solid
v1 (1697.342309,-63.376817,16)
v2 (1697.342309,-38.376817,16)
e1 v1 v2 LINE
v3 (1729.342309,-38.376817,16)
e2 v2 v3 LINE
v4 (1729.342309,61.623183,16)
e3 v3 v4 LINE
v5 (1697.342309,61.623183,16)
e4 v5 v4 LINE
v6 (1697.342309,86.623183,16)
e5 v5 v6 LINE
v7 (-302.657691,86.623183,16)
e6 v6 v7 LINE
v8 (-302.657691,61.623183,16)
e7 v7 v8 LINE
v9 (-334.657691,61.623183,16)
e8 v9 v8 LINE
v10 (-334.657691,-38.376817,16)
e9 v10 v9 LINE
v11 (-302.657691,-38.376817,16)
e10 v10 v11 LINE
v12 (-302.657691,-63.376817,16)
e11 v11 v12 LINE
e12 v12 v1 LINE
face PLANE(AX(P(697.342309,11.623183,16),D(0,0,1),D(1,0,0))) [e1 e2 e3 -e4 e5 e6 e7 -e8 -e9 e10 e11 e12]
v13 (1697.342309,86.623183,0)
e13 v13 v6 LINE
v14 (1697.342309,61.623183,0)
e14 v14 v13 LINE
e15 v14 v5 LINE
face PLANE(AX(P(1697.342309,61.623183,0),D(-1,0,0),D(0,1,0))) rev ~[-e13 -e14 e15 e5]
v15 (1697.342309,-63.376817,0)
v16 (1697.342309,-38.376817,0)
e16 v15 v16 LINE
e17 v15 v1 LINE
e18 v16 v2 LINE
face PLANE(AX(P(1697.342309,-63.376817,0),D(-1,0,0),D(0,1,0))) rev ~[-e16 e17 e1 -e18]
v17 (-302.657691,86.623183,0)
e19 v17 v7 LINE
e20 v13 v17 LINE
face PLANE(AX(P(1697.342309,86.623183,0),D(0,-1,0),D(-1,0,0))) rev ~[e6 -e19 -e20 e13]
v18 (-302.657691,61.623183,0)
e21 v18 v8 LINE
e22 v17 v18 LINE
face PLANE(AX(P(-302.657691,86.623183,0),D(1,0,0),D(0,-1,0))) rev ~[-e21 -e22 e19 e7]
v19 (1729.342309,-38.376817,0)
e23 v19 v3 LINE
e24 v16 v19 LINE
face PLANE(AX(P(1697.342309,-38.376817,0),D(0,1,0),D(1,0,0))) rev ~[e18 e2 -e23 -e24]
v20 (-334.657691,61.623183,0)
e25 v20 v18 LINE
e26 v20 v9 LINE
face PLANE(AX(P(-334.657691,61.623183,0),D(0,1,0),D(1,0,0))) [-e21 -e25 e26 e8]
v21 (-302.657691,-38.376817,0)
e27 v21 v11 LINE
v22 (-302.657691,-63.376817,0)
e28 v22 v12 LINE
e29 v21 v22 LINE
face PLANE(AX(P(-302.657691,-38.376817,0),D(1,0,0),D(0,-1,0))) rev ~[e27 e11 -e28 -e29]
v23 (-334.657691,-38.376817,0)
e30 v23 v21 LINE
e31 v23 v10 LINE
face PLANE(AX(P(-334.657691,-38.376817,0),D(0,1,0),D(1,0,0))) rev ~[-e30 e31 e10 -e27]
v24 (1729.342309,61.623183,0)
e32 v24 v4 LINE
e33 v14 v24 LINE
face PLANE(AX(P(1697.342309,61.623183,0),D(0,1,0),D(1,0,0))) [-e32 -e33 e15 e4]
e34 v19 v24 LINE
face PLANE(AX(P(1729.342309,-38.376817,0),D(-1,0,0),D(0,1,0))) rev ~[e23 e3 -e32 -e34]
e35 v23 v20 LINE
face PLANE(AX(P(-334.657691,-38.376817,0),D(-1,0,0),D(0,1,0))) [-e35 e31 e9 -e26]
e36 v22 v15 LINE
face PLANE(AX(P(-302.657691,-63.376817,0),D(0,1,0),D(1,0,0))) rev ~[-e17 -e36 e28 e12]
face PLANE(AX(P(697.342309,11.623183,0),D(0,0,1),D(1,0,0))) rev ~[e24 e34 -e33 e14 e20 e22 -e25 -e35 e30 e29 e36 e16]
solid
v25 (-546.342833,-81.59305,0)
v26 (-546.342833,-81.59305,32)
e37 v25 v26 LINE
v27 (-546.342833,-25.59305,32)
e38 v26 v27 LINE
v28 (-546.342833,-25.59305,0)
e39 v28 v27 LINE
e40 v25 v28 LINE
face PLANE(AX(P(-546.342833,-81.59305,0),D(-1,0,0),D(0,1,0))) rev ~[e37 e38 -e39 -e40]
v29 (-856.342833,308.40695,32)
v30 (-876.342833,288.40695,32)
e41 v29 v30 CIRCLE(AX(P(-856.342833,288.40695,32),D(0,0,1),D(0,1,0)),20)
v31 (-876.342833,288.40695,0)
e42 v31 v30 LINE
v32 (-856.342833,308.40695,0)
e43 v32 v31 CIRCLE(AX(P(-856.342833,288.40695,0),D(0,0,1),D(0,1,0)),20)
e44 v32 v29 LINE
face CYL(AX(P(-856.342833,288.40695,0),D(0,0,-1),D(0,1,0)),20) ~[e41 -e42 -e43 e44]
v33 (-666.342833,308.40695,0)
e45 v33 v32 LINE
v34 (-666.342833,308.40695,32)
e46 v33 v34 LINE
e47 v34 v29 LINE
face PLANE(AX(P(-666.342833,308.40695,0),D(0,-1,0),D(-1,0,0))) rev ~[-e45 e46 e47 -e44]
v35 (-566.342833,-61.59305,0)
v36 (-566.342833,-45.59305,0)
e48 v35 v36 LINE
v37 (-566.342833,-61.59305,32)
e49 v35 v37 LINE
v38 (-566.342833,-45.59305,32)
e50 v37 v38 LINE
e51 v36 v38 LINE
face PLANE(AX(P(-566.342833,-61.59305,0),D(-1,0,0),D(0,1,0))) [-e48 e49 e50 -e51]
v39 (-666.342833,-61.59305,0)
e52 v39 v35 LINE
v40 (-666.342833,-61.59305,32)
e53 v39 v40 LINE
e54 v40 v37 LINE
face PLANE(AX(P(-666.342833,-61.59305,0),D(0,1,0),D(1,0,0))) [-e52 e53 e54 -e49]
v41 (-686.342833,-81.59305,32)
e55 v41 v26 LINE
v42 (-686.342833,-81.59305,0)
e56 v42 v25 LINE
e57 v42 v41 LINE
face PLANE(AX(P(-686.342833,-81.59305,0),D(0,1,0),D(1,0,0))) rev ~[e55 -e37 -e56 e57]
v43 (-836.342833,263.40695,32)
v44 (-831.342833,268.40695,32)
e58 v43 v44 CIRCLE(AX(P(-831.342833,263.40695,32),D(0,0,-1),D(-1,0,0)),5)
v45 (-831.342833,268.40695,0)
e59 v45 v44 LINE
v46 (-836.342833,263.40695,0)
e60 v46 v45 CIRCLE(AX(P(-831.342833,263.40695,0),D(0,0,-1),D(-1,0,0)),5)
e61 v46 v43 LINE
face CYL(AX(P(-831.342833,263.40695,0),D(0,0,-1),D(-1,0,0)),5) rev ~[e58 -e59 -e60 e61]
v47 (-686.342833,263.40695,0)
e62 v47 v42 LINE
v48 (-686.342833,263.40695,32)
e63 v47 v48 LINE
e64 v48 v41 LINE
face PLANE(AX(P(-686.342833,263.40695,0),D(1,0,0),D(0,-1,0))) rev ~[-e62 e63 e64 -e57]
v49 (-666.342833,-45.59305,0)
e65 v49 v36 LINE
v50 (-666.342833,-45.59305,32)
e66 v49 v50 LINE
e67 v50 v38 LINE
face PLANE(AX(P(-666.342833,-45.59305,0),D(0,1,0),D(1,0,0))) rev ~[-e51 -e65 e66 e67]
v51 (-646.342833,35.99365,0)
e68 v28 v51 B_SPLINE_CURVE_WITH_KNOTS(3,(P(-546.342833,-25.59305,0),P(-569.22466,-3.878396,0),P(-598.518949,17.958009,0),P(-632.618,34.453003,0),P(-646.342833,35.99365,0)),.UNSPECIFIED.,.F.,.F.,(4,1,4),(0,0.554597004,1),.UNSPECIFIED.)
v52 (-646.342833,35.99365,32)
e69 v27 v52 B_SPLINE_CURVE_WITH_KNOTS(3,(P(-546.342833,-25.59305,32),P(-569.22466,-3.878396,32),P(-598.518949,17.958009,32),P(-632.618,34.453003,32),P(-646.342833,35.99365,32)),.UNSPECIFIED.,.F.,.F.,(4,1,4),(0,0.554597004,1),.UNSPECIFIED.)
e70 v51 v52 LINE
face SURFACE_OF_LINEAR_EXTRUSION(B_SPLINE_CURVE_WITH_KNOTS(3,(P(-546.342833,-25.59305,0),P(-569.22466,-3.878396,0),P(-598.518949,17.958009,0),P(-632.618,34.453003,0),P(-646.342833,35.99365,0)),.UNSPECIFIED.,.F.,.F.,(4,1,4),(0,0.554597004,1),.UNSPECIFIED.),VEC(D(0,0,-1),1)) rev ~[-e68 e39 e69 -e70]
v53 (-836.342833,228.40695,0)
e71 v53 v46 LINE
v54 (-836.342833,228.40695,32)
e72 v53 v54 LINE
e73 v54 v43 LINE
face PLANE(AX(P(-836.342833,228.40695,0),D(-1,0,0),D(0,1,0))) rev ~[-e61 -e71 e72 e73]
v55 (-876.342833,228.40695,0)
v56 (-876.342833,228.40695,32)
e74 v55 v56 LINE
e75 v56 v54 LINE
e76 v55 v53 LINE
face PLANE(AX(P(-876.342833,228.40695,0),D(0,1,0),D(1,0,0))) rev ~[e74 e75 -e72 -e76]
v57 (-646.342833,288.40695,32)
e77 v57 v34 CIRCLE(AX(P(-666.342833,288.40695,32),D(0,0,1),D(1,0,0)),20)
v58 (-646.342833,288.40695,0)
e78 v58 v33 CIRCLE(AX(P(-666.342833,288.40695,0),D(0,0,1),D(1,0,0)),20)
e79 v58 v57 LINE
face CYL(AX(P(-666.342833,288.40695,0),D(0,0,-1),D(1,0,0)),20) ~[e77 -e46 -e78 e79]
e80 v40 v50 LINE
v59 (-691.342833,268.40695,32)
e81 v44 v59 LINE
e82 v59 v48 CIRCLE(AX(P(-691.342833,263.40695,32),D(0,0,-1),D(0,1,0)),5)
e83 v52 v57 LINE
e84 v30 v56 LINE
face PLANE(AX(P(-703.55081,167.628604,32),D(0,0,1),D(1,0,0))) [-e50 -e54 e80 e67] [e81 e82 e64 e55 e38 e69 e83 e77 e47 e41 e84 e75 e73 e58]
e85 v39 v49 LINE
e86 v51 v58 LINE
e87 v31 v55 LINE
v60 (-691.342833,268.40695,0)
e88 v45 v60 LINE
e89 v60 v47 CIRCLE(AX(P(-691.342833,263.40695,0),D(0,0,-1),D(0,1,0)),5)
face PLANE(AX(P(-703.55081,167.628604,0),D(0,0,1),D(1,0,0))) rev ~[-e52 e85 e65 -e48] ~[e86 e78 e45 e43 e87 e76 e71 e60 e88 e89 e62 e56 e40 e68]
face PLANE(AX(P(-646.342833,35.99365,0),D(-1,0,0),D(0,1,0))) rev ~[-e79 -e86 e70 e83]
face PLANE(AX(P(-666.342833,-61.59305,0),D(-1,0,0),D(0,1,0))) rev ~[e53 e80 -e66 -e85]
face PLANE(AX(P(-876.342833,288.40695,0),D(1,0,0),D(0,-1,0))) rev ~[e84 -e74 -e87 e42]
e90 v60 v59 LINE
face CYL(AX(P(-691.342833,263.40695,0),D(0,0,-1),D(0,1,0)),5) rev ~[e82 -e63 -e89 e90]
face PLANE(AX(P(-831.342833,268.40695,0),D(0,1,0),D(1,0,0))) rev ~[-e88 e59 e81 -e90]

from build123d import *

# Parameters (mm, degrees)
F0_W     = 140
F0_H     = 56
F0_W_2   = 100
F0_H_2   = 16
F1_DEPTH = 32
F0_W_3   = 32
F0_H_3   = 100
F2_DEPTH = 16


with BuildPart() as f1:
    # F0 (on Top) → F1 (new body)
    with BuildSketch(Plane.XY):
        with BuildLine():
            Line((-686.3428330421, 263.4069502354), (-686.3428330421, -25.5930497646))
            Line((-686.3428330421, -25.5930497646), (-546.3428330421, -25.5930497646))
            add(Edge.make_bspline(
                [(-546.3428330421, -25.5930497646), (-569.2246597827, -3.878396387), (-598.5189486723, 17.9580086914), (-632.6180003572, 34.4530030745), (-646.3428330421, 35.9936502576)],
                knots=[0, 0, 0, 0, 0.5545970044, 1, 1, 1, 1], degree=3))
            Line((-646.3428330421, 35.9936502576), (-646.3428330421, 288.4069502354))
            ThreePointArc((-646.3428330421, 288.4069502354), (-652.2006974184, 302.5490858591), (-666.3428330421, 308.4069502354))
            Line((-666.3428330421, 308.4069502354), (-856.3428330421, 308.4069502354))
            ThreePointArc((-856.3428330421, 308.4069502354), (-870.4849686659, 302.5490858591), (-876.3428330421, 288.4069502354))
            Line((-876.3428330421, 288.4069502354), (-876.3428330421, 268.4069502354))
            Line((-876.3428330421, 268.4069502354), (-876.3428330421, 228.4069502354))
            Line((-876.3428330421, 228.4069502354), (-836.3428330421, 228.4069502354))
            Line((-836.3428330421, 228.4069502354), (-836.3428330421, 263.4069502354))
            ThreePointArc((-836.3428330421, 263.4069502354), (-834.8783669481, 266.9424841413), (-831.3428330421, 268.4069502354))
            Line((-831.3428330421, 268.4069502354), (-691.3428330421, 268.4069502354))
            ThreePointArc((-691.3428330421, 268.4069502354), (-687.8072991362, 266.9424841413), (-686.3428330421, 263.4069502354))
        make_face()
        with Locations((-616.3428330421, -53.5930497646)):
            Rectangle(F0_W, F0_H)
        with Locations((-616.3428330421, -53.5930497646)):
            Rectangle(F0_W_2, F0_H_2, mode=Mode.SUBTRACT)
    extrude(amount=F1_DEPTH)


with BuildPart() as f2:
    # F0 (on Top) → F2 (new body)
    with BuildSketch(Plane.XY):
        Polygon((1697.3423092627, 86.6231827997), (-302.6576907373, 86.6231827997), (-302.6576907373, 61.6231827997), (-270.6576907373, 61.6231827997), (-270.6576907373, -38.3768172003), (-302.6576907373, -38.3768172003), (-302.6576907373, -63.3768172003), (1697.3423092627, -63.3768172003), (1697.3423092627, -38.3768172003), (1665.3423092627, -38.3768172003), (1665.3423092627, 61.6231827997), (1697.3423092627, 61.6231827997), align=None)
        with Locations((1681.3423092627, 11.6231827997)):
            Rectangle(F0_W_3, F0_H_3)
        with Locations((-318.6576907373, 11.6231827997)):
            Rectangle(F0_W_3, F0_H_3)
        with Locations((1713.3423092627, 11.6231827997)):
            Rectangle(F0_W_3, F0_H_3)
        with Locations((-286.6576907373, 11.6231827997)):
            Rectangle(F0_W_3, F0_H_3)
    extrude(amount=F2_DEPTH)


solid = Compound([f1.part, f2.part])
